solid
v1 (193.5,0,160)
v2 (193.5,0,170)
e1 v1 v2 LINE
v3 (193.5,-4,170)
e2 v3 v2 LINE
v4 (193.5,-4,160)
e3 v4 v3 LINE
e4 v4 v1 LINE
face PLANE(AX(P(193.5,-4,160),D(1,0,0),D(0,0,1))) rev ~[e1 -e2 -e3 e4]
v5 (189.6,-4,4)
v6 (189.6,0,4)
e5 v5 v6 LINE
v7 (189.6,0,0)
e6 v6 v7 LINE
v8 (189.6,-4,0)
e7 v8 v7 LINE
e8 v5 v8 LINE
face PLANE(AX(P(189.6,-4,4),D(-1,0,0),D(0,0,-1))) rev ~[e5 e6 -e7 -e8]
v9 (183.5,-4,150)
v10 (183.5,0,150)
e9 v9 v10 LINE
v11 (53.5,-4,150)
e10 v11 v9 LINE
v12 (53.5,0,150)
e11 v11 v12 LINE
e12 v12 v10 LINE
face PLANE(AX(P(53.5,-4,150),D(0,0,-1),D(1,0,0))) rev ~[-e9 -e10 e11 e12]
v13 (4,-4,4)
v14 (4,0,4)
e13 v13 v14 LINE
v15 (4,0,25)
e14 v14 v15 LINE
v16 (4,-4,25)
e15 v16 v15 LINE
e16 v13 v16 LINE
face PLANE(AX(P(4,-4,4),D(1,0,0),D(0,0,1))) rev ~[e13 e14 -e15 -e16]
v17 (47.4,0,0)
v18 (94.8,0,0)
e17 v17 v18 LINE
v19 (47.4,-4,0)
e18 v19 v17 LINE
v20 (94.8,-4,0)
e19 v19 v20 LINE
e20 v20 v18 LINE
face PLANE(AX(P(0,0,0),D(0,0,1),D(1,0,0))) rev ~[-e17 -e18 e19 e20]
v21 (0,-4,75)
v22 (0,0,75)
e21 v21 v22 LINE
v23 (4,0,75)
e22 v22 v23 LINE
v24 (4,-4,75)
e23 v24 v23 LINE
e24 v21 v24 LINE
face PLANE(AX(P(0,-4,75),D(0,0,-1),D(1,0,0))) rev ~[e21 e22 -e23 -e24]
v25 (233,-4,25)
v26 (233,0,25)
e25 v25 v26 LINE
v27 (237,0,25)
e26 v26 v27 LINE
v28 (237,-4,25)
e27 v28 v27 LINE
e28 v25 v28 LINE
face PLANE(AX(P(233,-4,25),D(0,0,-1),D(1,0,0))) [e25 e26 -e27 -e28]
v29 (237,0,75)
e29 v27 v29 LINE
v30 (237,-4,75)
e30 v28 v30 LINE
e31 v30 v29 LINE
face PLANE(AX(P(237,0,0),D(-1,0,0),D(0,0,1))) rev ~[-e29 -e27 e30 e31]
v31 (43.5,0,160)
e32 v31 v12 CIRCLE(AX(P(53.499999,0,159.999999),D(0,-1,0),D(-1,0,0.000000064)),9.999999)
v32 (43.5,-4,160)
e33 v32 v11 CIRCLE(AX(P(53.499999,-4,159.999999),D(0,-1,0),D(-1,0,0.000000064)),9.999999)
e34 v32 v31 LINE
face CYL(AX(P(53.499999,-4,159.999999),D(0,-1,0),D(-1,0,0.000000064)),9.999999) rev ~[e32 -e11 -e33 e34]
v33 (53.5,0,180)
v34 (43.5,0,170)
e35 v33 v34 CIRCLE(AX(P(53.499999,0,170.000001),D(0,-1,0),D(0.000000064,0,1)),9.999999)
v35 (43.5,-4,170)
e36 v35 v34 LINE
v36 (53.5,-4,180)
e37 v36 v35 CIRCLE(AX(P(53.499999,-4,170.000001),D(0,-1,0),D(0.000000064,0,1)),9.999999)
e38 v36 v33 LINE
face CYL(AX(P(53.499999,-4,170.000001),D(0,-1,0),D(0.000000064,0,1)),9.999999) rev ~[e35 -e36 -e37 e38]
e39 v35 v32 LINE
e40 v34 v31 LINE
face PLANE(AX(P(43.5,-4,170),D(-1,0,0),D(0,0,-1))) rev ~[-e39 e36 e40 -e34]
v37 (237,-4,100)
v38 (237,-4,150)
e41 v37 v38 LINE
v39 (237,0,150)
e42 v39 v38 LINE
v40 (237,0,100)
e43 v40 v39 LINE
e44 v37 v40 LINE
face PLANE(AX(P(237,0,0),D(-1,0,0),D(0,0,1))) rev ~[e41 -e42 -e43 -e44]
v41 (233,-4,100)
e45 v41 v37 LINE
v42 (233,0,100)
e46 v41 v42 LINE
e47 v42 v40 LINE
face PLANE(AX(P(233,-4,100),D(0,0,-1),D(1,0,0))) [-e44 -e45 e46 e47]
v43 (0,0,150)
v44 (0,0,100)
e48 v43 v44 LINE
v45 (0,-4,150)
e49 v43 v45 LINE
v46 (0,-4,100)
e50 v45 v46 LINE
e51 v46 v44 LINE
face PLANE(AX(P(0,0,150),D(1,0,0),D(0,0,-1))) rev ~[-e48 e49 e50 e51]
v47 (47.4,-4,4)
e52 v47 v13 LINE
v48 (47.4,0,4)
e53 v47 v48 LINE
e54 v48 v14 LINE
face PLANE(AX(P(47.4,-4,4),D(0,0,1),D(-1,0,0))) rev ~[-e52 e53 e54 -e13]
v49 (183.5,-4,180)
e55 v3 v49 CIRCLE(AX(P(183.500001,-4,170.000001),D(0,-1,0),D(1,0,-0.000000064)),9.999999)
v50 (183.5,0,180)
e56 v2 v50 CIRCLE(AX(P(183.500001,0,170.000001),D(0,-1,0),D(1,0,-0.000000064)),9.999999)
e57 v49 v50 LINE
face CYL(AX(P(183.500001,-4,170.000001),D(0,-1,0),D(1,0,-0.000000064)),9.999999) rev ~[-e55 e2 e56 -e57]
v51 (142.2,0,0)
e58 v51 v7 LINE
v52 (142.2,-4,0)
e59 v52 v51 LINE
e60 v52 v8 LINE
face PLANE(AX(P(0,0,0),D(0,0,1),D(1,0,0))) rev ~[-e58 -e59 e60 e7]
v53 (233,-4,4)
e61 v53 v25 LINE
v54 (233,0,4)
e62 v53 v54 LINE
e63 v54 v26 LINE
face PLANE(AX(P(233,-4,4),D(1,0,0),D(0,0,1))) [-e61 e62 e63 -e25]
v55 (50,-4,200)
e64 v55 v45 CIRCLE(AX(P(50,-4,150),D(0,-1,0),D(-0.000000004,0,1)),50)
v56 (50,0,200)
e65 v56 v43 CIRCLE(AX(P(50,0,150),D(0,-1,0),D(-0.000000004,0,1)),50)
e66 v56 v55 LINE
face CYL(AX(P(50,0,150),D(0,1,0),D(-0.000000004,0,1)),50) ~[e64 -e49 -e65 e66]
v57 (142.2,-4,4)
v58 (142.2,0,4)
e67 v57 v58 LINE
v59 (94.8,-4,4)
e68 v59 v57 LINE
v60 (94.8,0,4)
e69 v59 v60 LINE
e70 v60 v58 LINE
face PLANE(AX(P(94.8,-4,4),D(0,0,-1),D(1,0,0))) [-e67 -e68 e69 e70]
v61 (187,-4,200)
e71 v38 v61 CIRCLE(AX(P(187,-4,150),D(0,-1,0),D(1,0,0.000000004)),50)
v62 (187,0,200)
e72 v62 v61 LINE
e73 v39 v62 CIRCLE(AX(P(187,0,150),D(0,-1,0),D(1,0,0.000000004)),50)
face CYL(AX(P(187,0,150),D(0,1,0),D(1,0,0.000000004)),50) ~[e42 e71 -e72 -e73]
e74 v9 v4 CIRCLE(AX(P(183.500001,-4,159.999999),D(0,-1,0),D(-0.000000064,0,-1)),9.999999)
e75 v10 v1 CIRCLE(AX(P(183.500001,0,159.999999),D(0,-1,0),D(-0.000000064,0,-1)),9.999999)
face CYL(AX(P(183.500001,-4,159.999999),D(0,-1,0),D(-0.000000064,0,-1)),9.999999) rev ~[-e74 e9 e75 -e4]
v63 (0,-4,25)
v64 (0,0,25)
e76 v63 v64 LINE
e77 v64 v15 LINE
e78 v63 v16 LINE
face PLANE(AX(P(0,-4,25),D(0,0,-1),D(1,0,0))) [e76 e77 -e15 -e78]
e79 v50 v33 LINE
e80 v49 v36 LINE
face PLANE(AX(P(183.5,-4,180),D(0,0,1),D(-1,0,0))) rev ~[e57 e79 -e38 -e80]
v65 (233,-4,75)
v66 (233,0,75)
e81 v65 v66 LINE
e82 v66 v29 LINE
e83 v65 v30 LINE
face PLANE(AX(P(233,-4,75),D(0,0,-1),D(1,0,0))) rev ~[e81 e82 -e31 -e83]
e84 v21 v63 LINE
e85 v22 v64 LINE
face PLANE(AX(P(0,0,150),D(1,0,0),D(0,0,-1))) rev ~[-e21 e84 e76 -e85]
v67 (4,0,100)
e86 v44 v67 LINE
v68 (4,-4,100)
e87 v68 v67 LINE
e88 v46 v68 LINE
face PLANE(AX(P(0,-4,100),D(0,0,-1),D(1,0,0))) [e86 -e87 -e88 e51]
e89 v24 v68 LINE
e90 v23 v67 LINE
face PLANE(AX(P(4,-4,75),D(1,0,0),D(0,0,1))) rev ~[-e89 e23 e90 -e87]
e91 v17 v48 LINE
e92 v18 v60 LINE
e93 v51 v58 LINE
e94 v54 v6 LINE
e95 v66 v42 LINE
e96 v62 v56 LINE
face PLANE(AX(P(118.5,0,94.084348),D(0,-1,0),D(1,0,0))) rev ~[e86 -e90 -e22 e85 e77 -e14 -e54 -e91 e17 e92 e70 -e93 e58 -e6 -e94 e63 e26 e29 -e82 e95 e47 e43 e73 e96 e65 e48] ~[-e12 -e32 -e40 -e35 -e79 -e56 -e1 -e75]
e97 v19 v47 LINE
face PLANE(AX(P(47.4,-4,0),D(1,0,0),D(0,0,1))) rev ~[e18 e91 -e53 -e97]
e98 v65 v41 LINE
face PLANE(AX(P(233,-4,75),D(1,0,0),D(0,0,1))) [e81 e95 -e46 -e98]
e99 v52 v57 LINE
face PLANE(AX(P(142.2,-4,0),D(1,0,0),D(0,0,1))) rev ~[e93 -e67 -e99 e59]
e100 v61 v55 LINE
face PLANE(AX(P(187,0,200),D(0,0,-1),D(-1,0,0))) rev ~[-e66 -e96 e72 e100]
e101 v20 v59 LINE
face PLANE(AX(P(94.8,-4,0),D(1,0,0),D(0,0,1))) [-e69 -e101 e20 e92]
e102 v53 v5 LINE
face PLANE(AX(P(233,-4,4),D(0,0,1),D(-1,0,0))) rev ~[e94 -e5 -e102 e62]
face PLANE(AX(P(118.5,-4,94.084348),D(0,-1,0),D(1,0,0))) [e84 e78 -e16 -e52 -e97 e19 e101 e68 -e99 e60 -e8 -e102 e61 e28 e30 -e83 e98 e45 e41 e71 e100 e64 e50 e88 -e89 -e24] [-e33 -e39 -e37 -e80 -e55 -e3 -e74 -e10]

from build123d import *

# Parameters (mm, degrees)
F1_DEPTH = 4
F2_W     = 47.4
F2_H     = 4
F2_W_2   = 4
F2_H_2   = 21
F2_H_3   = 25
F3_DEPTH = 4
F5_DEPTH = 4


with BuildPart() as f1:
    # F0 (on Front) → F1 (new body)
    with BuildSketch(Plane.XZ):
        with BuildLine():
            Line((0, 150), (0, 0))
            Line((0, 0), (237, 0))
            Line((237, 0), (237, 150))
            ThreePointArc((237, 150), (222.355339, 185.355339), (187, 200))
            Line((187, 200), (50, 200))
            ThreePointArc((50, 200), (14.644661, 185.355339), (0, 150))
        make_face()
    extrude(amount=F1_DEPTH)

    # F2 (on face) → F3 (cut, through all)
    with BuildSketch(Plane.XZ.offset(4)):
        Polygon((0, 4), (0, 0), (47.4, 0), (47.4, 4), (4, 4), align=None)
        Polygon((189.6, 4), (189.6, 0), (237, 0), (237, 4), (233, 4), align=None)
        with Locations((118.5, 2)):
            Rectangle(F2_W, F2_H)
        with Locations((2, 14.5)):
            Rectangle(F2_W_2, F2_H_2)
        with Locations((235, 14.5)):
            Rectangle(F2_W_2, F2_H_2)
        with Locations((2, 87.5)):
            Rectangle(F2_W_2, F2_H_3)
        with Locations((235, 87.5)):
            Rectangle(F2_W_2, F2_H_3)
    extrude(amount=-F3_DEPTH, mode=Mode.SUBTRACT)

    # F4 (on face) → F5 (cut, through all)
    with BuildSketch(Plane.XZ.offset(4)):
        with BuildLine():
            Line((183.5, 180), (53.5, 180))
            ThreePointArc((53.5, 180), (46.428932, 177.071068), (43.5, 170))
            Line((43.5, 170), (43.5, 160))
            ThreePointArc((43.5, 160), (46.428932, 152.928932), (53.5, 150))
            Line((53.5, 150), (183.5, 150))
            ThreePointArc((183.5, 150), (190.571068, 152.928932), (193.5, 160))
            Line((193.5, 160), (193.5, 170))
            ThreePointArc((193.5, 170), (190.571068, 177.071068), (183.5, 180))
        make_face()
    extrude(amount=-F5_DEPTH, mode=Mode.SUBTRACT)


solid = f1.part
